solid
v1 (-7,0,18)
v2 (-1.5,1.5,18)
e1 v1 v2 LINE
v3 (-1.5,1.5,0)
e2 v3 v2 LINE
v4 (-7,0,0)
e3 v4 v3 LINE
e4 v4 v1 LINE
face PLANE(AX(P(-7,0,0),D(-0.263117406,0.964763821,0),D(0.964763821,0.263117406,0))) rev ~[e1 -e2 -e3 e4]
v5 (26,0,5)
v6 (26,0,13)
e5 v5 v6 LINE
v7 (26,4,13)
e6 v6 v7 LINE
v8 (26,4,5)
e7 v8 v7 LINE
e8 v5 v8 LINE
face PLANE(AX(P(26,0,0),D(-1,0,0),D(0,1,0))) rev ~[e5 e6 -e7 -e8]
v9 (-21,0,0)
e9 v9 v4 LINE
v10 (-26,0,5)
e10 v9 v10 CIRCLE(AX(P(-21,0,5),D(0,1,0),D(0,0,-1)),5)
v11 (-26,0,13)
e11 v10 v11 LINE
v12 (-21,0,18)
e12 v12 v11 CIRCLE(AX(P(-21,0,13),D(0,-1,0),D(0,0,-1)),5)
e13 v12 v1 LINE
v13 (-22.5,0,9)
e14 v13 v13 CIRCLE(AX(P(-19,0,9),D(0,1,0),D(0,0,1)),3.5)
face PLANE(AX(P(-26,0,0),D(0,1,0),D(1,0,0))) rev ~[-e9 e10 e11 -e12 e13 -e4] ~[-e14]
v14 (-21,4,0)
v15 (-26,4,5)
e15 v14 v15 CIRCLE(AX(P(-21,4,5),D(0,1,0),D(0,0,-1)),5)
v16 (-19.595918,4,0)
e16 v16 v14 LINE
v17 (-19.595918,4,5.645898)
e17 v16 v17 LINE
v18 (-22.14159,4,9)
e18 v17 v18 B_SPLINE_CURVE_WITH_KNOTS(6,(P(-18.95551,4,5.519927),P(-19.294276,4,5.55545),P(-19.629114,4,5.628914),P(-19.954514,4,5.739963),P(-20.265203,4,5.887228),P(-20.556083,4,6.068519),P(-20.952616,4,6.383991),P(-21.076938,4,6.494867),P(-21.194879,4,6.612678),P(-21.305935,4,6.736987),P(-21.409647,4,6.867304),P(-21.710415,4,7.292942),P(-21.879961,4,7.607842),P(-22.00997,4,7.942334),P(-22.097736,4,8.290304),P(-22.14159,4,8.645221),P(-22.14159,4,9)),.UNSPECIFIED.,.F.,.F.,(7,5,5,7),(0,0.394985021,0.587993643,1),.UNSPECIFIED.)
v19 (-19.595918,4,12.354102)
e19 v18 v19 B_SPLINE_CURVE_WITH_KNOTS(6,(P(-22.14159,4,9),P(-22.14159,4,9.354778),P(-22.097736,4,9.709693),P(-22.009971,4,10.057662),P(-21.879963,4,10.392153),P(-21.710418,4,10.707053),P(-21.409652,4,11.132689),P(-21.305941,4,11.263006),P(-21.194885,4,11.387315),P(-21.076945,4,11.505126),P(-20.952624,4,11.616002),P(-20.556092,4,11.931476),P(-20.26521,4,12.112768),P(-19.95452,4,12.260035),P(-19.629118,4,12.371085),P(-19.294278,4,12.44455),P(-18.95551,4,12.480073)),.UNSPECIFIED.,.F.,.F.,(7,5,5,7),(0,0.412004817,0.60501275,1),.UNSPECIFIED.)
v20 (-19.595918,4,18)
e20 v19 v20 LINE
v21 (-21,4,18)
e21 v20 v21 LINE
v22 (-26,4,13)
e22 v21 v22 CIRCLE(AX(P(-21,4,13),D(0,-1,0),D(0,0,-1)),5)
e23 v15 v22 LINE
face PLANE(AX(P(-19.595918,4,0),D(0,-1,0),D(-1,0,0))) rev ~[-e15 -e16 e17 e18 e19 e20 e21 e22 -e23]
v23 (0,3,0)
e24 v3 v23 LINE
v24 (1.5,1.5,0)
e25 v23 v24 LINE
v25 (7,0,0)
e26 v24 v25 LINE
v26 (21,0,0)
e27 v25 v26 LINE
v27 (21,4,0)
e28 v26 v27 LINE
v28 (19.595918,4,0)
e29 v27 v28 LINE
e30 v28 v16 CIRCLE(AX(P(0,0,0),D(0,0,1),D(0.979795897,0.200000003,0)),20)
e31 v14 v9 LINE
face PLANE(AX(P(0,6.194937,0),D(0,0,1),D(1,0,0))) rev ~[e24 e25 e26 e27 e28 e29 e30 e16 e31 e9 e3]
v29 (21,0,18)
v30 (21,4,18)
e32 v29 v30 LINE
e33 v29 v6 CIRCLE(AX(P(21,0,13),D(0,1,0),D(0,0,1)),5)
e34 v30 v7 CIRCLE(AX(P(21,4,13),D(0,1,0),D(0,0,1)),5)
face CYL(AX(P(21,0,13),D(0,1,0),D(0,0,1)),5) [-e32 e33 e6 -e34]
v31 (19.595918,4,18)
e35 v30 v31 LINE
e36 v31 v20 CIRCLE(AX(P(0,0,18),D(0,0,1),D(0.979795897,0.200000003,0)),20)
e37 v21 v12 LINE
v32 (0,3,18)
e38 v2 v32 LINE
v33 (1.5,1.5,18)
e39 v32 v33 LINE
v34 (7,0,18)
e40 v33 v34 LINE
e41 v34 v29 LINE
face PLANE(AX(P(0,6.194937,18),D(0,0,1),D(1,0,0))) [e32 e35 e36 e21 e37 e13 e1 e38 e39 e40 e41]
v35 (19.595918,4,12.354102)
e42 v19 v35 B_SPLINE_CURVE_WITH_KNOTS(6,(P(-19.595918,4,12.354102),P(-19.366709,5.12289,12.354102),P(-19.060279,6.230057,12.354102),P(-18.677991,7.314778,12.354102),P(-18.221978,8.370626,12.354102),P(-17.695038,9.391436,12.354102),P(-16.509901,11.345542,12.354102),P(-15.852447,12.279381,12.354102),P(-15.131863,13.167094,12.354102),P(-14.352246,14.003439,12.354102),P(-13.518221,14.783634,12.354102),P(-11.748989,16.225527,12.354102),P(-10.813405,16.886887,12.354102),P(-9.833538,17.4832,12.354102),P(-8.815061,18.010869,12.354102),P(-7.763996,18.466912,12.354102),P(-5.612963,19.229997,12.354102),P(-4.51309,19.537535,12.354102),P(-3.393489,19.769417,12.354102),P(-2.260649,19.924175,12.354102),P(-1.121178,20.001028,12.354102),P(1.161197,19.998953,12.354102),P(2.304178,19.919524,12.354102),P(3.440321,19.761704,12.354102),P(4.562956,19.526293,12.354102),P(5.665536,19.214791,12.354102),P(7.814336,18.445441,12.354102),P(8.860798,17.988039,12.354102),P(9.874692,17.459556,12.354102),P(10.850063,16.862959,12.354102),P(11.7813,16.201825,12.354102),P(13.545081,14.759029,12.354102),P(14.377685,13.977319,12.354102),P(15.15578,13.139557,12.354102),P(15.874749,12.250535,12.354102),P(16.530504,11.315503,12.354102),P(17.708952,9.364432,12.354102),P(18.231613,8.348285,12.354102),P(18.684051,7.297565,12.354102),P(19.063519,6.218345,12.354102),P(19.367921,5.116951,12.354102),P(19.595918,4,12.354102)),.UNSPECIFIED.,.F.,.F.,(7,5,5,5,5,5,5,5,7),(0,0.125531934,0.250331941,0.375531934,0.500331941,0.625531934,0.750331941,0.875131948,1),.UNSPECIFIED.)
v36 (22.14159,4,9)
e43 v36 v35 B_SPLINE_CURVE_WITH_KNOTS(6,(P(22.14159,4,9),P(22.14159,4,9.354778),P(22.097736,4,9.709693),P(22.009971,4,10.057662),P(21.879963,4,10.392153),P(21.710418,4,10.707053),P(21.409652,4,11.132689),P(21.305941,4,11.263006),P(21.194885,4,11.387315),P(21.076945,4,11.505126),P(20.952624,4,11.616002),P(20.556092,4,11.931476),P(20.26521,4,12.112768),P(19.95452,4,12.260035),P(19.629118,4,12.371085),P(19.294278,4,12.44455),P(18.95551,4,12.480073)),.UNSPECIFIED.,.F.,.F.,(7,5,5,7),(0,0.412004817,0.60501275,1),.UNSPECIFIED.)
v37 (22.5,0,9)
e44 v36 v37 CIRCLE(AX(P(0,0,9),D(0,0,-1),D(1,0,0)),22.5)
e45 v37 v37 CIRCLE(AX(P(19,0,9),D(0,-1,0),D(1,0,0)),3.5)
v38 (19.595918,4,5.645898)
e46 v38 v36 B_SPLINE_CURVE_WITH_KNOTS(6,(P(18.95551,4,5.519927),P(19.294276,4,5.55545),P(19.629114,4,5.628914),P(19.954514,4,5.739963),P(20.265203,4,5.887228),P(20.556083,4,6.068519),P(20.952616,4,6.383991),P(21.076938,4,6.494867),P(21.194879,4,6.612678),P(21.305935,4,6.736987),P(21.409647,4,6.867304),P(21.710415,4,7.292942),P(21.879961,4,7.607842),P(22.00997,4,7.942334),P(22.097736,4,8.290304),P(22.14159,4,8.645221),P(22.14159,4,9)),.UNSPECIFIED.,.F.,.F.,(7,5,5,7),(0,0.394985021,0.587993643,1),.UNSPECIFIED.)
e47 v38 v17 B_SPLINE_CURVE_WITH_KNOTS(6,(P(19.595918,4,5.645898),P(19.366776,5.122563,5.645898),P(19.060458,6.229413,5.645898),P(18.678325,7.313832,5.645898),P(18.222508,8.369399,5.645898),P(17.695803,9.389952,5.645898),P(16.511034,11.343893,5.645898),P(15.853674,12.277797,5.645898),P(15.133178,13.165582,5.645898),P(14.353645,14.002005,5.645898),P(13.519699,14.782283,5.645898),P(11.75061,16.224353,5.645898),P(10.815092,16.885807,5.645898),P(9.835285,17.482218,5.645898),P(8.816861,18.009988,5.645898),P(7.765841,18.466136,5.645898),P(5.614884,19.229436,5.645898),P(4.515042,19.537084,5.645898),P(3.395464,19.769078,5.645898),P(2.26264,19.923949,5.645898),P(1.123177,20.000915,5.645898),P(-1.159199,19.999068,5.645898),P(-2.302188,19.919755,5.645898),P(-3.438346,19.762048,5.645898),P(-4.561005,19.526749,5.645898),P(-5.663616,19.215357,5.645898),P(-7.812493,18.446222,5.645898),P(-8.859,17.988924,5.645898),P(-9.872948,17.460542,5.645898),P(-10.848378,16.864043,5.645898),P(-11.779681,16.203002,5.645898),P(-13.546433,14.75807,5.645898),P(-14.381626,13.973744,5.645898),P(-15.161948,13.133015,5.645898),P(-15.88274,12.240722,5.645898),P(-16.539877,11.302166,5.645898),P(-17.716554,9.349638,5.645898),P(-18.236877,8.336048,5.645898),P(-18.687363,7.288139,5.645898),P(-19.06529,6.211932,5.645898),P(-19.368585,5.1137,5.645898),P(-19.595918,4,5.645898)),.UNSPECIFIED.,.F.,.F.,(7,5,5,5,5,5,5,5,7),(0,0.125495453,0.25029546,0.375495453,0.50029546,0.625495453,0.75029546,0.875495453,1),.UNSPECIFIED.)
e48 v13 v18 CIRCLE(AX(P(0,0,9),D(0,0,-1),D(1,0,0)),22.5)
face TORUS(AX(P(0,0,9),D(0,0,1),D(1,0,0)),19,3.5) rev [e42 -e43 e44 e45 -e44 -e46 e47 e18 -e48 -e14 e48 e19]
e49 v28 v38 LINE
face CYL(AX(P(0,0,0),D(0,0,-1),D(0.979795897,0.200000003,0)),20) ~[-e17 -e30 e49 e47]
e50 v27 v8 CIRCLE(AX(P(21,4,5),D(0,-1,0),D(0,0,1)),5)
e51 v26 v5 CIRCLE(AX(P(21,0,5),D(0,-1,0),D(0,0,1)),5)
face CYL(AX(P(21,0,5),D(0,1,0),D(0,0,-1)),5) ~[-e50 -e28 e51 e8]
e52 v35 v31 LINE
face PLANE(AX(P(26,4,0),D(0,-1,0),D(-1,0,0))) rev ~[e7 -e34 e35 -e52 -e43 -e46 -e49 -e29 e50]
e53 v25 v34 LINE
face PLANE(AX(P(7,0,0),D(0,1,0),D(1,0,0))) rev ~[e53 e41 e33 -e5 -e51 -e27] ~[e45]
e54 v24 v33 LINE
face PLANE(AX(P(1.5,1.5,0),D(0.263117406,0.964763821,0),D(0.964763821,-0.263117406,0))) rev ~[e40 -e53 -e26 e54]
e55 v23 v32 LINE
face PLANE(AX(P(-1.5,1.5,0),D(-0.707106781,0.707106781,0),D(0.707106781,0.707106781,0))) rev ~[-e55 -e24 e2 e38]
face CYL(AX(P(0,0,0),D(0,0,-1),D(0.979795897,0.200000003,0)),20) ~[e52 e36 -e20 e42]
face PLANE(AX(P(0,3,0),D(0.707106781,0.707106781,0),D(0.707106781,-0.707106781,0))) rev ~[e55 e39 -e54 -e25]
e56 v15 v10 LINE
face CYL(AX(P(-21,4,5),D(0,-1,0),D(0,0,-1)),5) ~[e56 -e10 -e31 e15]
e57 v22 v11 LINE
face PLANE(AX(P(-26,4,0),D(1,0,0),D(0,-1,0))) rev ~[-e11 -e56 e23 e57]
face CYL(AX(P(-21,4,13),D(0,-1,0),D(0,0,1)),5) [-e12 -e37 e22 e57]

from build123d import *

# Parameters (mm, degrees)
F1_DEPTH = 18
F2_R     = 3.5
F4_R     = 5


with BuildPart() as f1:
    # F0 (on Top) → F1 (new body)
    with BuildSketch(Plane.XY):
        with BuildLine():
            Line((26, 4), (19.595918, 4))
            ThreePointArc((19.595918, 4), (0, 20), (-19.595918, 4))
            Line((-19.595918, 4), (-26, 4))
            Line((-26, 4), (-26, 0))
            Line((-26, 0), (-7, 0))
            Line((-7, 0), (-1.5, 1.5))
            Line((-1.5, 1.5), (0, 3))
            Line((0, 3), (1.5, 1.5))
            Line((1.5, 1.5), (7, 0))
            Line((7, 0), (26, 0))
            Line((26, 0), (26, 4))
        make_face()
    extrude(amount=F1_DEPTH)

    # F2 (on face) → F3 (revolve, cut)
    with BuildSketch(Plane.XZ):
        with Locations((19, 9)):
            Circle(F2_R)
    revolve(axis=Axis((0, 0, 6.141683), (0, 0, -1)), mode=Mode.SUBTRACT)

    # F4
    f4_edges = [f1.edges().sort_by_distance(p)[0] for p in [
        (26, 2, 18),
        (26, 2, 0),
        (-26, 2, 0),
        (-26, 2, 18),
    ]]
    fillet(f4_edges, radius=F4_R)


solid = f1.part
